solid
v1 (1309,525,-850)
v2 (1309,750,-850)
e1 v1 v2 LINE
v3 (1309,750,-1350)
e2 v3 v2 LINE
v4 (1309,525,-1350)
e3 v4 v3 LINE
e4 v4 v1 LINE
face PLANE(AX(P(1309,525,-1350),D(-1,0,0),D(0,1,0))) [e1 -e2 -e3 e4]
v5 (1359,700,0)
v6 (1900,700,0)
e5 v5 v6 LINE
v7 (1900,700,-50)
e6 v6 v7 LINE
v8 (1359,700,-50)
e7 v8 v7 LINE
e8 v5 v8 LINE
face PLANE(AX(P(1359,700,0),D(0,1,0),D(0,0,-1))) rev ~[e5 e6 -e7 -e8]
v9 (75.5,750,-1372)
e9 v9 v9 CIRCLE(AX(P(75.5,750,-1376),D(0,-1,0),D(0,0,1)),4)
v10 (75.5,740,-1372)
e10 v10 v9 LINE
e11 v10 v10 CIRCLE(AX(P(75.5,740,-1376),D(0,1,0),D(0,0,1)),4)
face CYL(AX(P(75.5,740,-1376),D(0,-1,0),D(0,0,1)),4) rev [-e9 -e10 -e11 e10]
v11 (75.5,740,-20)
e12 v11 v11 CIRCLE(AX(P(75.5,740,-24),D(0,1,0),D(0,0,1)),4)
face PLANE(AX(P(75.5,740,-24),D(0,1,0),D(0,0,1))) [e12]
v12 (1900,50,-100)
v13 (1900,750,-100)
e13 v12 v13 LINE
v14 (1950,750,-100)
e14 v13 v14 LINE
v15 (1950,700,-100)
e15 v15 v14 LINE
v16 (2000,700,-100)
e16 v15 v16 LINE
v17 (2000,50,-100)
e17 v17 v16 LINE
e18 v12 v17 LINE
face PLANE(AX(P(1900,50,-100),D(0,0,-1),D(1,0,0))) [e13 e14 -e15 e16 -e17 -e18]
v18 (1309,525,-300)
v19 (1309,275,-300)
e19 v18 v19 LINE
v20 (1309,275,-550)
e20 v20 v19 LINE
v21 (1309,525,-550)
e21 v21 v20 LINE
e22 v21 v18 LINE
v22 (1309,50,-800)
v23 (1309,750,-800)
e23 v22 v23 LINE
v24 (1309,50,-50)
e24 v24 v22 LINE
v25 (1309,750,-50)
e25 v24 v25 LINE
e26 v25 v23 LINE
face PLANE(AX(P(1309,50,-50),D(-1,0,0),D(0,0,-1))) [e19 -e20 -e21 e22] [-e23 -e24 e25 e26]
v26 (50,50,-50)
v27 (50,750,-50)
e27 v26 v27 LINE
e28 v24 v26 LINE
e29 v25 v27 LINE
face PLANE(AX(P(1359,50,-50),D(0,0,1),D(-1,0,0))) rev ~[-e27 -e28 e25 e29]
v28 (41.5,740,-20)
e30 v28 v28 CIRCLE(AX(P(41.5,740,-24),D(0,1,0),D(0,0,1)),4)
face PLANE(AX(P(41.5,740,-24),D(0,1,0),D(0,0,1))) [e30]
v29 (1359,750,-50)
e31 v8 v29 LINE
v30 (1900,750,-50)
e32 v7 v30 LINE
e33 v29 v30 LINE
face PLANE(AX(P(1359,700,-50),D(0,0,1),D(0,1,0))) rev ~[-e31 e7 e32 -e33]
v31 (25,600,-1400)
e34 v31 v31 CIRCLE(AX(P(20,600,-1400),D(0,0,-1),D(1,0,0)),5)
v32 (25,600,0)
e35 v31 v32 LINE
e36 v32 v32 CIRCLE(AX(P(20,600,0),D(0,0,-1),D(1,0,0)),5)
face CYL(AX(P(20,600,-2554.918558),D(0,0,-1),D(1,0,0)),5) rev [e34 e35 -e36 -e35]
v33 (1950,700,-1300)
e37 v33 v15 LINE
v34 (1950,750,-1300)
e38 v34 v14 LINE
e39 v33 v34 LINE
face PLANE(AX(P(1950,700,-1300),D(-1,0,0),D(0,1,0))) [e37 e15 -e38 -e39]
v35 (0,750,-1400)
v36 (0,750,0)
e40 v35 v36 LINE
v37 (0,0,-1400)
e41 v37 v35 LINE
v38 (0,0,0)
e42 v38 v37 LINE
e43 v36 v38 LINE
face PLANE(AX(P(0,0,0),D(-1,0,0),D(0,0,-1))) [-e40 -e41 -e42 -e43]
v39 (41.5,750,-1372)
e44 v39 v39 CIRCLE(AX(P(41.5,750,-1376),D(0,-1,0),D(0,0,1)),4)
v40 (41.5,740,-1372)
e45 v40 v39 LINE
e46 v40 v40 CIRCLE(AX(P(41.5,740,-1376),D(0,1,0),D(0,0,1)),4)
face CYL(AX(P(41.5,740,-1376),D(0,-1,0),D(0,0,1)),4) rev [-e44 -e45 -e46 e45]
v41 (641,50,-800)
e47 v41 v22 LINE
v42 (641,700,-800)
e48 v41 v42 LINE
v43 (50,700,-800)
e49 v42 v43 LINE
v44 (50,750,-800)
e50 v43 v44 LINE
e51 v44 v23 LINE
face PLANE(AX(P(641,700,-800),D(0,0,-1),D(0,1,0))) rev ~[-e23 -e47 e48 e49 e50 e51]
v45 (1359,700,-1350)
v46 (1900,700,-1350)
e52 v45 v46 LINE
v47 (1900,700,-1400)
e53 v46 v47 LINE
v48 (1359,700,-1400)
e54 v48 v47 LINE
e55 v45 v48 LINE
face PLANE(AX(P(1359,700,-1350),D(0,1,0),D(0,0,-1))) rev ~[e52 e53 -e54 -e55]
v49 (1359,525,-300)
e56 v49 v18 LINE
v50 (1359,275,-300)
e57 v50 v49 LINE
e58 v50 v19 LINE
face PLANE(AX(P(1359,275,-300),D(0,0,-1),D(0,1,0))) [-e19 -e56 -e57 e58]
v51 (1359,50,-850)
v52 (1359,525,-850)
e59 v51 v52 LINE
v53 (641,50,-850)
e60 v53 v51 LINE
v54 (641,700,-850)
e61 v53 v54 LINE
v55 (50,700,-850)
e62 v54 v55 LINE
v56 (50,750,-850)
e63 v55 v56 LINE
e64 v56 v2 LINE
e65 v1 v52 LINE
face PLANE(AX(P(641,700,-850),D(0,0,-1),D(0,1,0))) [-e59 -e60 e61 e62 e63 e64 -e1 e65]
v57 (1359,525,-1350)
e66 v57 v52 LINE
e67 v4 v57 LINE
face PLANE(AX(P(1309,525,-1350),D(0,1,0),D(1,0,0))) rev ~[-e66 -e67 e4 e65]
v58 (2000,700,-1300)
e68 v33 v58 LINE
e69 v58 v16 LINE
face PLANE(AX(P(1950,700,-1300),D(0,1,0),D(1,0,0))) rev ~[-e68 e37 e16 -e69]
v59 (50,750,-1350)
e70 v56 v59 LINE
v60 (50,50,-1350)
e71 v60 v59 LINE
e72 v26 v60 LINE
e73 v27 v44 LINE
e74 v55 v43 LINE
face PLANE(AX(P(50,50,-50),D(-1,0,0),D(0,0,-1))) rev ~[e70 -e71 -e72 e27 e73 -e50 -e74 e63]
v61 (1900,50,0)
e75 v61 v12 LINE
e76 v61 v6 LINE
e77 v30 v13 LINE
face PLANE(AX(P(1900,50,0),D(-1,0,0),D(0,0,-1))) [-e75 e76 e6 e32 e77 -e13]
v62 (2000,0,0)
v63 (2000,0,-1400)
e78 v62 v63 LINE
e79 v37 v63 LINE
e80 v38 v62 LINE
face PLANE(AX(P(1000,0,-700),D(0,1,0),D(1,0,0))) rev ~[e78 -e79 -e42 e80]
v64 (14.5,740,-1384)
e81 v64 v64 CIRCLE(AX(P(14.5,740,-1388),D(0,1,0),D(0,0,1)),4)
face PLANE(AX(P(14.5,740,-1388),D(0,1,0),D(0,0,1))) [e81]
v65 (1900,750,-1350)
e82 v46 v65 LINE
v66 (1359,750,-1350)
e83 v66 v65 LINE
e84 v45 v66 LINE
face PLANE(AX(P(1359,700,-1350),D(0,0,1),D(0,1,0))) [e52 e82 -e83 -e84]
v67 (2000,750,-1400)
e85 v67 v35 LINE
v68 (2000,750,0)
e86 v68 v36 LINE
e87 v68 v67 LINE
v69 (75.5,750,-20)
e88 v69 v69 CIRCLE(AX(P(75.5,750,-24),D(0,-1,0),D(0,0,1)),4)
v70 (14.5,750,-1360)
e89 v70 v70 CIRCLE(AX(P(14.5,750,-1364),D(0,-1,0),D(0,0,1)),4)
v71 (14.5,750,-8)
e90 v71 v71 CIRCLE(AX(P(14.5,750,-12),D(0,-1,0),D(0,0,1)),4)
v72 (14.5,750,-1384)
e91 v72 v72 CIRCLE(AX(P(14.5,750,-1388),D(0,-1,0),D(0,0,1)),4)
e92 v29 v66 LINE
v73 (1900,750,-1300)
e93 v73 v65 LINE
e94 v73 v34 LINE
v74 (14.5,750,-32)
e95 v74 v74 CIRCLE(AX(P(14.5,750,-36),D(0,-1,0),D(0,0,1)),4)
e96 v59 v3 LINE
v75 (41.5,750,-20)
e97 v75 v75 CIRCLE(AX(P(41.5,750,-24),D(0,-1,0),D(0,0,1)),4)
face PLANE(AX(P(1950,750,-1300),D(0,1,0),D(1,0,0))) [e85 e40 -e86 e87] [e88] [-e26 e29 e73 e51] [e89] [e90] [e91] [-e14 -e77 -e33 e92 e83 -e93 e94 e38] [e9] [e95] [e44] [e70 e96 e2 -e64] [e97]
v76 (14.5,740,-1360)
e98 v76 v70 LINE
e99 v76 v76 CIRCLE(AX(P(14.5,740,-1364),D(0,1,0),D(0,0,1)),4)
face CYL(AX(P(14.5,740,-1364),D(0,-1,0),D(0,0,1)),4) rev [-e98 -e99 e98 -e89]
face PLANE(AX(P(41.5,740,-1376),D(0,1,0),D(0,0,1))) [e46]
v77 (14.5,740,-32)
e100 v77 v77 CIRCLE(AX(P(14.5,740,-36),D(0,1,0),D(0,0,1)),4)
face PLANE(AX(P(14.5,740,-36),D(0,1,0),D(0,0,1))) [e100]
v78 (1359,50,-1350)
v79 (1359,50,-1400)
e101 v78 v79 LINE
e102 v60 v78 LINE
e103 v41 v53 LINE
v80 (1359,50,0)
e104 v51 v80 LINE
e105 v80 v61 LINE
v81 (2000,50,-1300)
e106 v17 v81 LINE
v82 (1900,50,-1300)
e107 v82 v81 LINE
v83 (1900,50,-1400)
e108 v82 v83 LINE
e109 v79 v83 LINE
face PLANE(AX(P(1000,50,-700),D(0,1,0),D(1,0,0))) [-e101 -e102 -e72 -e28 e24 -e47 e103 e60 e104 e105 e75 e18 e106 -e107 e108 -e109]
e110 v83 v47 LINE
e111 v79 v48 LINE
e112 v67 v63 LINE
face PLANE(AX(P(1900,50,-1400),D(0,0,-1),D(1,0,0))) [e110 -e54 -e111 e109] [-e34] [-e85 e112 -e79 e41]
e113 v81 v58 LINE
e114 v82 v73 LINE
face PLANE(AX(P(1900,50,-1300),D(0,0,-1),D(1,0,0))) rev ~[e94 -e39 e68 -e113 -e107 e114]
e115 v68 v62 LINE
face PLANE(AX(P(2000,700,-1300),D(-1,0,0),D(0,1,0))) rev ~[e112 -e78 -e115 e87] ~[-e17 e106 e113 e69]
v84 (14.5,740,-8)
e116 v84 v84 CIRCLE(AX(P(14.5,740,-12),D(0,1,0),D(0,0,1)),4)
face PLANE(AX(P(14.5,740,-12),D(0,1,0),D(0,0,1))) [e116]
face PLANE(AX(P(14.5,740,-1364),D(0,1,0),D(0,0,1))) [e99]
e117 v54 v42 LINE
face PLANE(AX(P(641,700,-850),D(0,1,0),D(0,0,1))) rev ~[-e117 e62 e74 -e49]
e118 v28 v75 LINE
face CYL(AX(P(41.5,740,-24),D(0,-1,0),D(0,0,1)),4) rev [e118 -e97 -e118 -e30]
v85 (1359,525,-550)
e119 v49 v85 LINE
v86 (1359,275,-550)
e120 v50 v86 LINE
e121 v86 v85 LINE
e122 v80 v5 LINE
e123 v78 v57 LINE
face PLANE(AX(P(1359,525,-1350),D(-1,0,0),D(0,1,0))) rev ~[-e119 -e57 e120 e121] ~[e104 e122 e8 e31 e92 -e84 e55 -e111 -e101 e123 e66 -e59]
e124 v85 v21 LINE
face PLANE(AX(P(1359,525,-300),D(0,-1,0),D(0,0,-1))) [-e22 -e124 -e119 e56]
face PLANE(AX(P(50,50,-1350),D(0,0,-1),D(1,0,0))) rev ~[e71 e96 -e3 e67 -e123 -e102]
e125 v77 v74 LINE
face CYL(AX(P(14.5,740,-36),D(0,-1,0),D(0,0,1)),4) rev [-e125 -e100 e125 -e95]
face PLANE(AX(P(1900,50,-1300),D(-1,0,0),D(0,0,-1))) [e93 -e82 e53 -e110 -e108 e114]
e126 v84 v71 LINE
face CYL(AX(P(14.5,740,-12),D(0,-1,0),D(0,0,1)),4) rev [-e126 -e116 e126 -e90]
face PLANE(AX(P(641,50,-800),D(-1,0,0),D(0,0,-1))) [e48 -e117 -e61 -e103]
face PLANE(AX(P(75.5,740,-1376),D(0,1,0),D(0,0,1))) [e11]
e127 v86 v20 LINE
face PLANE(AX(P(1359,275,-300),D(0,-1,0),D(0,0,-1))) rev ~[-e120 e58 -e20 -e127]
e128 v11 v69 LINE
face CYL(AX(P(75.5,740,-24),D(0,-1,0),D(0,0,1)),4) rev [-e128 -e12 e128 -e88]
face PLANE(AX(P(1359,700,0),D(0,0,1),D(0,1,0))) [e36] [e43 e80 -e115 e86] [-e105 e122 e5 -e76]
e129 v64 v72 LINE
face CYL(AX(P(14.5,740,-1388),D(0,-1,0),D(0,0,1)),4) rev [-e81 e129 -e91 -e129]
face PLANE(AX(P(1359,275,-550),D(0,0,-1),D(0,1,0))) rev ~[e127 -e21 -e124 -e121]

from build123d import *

# Parameters (mm, degrees)
SKETCH1_W               = 2000
SKETCH1_H               = 1400
BOSS_EXTRUDE1_DEPTH     = 50
SKETCH2_W               = 100
SKETCH2_H               = 100
SKETCH2_W_2             = 50
SKETCH2_H_2             = 1300
SKETCH2_W_3             = 718
SKETCH2_H_3             = 50
BOSS_EXTRUDE2_DEPTH     = 700
SKETCH3_W               = 50
SKETCH3_H               = 50
BOSS_EXTRUDE3_DEPTH     = 591
SKETCH4_W               = 50
SKETCH4_H               = 750
BOSS_EXTRUDE4_DEPTH     = 700
SKETCH5_W               = 250
SKETCH5_H               = 250
CUT_EXTRUDE1_DEPTH      = 700
SKETCH6_W               = 50
SKETCH6_H               = 225
BOSS_EXTRUDE5_DEPTH     = 500
SKETCH8_W               = 50
SKETCH8_H               = 50
BOSS_EXTRUDE6_DEPTH     = 541
SKETCH9_W               = 50
SKETCH9_H               = 50
BOSS_EXTRUDE7_DEPTH     = 1200
CUT_EXTRUDE3_DEPTH      = 2554.918557824
CUT_EXTRUDE3_DEPTH_BACK = 2554.918557824
SKETCH11_R              = 5
CUT_EXTRUDE4_DEPTH      = 2554.918557824
CUT_EXTRUDE4_DEPTH_BACK = 10
SKETCH12_R              = 4


with BuildPart() as part:
    # Sketch1 → Boss-Extrude1 (new body)
    with BuildSketch(Plane(origin=(0, 0, 0), x_dir=(1, 0, 0), z_dir=(0, 1, 0))):
        with Locations((1000, 700)):
            Rectangle(SKETCH1_W, SKETCH1_H)
    extrude(amount=BOSS_EXTRUDE1_DEPTH)

    # Sketch2 → Boss-Extrude2 (add)
    with BuildSketch(Plane(origin=(0, 50, 0), x_dir=(1, 0, 0), z_dir=(0, 1, 0))):
        with Locations((1950, 1350)):
            Rectangle(SKETCH2_W, SKETCH2_H)
        with Locations((1950, 50)):
            Rectangle(SKETCH2_W, SKETCH2_H)
        Polygon((0, 1400), (0, 1350), (50, 1350), (1359, 1350), (1359, 1400), align=None)
        with Locations((25, 700)):
            Rectangle(SKETCH2_W_2, SKETCH2_H_2)
        Polygon((50, 50), (0, 50), (0, 0), (1359, 0), (1359, 50), align=None)
        with Locations((1000, 825)):
            Rectangle(SKETCH2_W_3, SKETCH2_H_3)
    extrude(amount=BOSS_EXTRUDE2_DEPTH)

    # Sketch3 → Boss-Extrude3 (add)
    with BuildSketch(Plane.ZY.offset(-641)):
        with Locations((-825, 725)):
            Rectangle(SKETCH3_W, SKETCH3_H)
    extrude(amount=BOSS_EXTRUDE3_DEPTH)

    # Sketch4 → Boss-Extrude4 (add)
    with BuildSketch(Plane(origin=(0, 50, 0), x_dir=(1, 0, 0), z_dir=(0, 1, 0))):
        with Locations((1334, 425)):
            Rectangle(SKETCH4_W, SKETCH4_H)
    extrude(amount=BOSS_EXTRUDE4_DEPTH)

    # Sketch5 → Cut-Extrude1 (cut)
    with BuildSketch(Plane(origin=(1359, 0, 0), x_dir=(0, 0, -1), z_dir=(1, 0, 0))):
        with Locations((425, 400)):
            Rectangle(SKETCH5_W, SKETCH5_H)
    extrude(amount=-CUT_EXTRUDE1_DEPTH, mode=Mode.SUBTRACT)

    # Sketch6 → Boss-Extrude5 (add)
    with BuildSketch(Plane.XY.offset(-1350)):
        with Locations((1334, 637.5)):
            Rectangle(SKETCH6_W, SKETCH6_H)
    extrude(amount=BOSS_EXTRUDE5_DEPTH)

    # Sketch8 → Boss-Extrude6 (add)
    with BuildSketch(Plane(origin=(1359, 0, 0), x_dir=(0, 0, -1), z_dir=(1, 0, 0))):
        with Locations((25, 725)):
            Rectangle(SKETCH8_W, SKETCH8_H)
        with Locations((1375, 725)):
            Rectangle(SKETCH8_W, SKETCH8_H)
    extrude(amount=BOSS_EXTRUDE6_DEPTH)

    # Sketch9 → Boss-Extrude7 (add)
    with BuildSketch(Plane.XY.offset(-1300)):
        with Locations((1975, 725)):
            Rectangle(SKETCH9_W, SKETCH9_H)
    extrude(amount=BOSS_EXTRUDE7_DEPTH)

    # Sketch11 → Cut-Extrude3 (cut, two sides: drawn at the far end of the back side and taken through both)
    with BuildSketch(Plane.XY.offset(-CUT_EXTRUDE3_DEPTH_BACK)):
        with Locations((20, 600)):
            Circle(SKETCH11_R)
    extrude(amount=CUT_EXTRUDE3_DEPTH + CUT_EXTRUDE3_DEPTH_BACK, mode=Mode.SUBTRACT)

    # Sketch12 → Cut-Extrude4 (cut, two sides: drawn at the far end of the back side and taken through both)
    with BuildSketch(Plane(origin=(0, 750, 0), x_dir=(1, 0, 0), z_dir=(0, 1, 0)).offset(-CUT_EXTRUDE4_DEPTH_BACK)):
        with Locations(Location((14.5, 36, 0), (0, 0, 270))):
            Circle(SKETCH12_R)
        with Locations(Location((14.5, 12, 0), (0, 0, 270))):
            Circle(SKETCH12_R)
        with Locations(Location((41.5, 24, 0), (0, 0, 270))):
            Circle(SKETCH12_R)
        with Locations(Location((75.5, 24, 0), (0, 0, 270))):
            Circle(SKETCH12_R)
        with Locations(Location((14.5, 1388, 0), (0, 0, 270))):
            Circle(SKETCH12_R)
        with Locations(Location((14.5, 1364, 0), (0, 0, 270))):
            Circle(SKETCH12_R)
        with Locations(Location((41.5, 1376, 0), (0, 0, 270))):
            Circle(SKETCH12_R)
        with Locations(Location((75.5, 1376, 0), (0, 0, 270))):
            Circle(SKETCH12_R)
    extrude(amount=CUT_EXTRUDE4_DEPTH + CUT_EXTRUDE4_DEPTH_BACK, mode=Mode.SUBTRACT)


solid = part.part
